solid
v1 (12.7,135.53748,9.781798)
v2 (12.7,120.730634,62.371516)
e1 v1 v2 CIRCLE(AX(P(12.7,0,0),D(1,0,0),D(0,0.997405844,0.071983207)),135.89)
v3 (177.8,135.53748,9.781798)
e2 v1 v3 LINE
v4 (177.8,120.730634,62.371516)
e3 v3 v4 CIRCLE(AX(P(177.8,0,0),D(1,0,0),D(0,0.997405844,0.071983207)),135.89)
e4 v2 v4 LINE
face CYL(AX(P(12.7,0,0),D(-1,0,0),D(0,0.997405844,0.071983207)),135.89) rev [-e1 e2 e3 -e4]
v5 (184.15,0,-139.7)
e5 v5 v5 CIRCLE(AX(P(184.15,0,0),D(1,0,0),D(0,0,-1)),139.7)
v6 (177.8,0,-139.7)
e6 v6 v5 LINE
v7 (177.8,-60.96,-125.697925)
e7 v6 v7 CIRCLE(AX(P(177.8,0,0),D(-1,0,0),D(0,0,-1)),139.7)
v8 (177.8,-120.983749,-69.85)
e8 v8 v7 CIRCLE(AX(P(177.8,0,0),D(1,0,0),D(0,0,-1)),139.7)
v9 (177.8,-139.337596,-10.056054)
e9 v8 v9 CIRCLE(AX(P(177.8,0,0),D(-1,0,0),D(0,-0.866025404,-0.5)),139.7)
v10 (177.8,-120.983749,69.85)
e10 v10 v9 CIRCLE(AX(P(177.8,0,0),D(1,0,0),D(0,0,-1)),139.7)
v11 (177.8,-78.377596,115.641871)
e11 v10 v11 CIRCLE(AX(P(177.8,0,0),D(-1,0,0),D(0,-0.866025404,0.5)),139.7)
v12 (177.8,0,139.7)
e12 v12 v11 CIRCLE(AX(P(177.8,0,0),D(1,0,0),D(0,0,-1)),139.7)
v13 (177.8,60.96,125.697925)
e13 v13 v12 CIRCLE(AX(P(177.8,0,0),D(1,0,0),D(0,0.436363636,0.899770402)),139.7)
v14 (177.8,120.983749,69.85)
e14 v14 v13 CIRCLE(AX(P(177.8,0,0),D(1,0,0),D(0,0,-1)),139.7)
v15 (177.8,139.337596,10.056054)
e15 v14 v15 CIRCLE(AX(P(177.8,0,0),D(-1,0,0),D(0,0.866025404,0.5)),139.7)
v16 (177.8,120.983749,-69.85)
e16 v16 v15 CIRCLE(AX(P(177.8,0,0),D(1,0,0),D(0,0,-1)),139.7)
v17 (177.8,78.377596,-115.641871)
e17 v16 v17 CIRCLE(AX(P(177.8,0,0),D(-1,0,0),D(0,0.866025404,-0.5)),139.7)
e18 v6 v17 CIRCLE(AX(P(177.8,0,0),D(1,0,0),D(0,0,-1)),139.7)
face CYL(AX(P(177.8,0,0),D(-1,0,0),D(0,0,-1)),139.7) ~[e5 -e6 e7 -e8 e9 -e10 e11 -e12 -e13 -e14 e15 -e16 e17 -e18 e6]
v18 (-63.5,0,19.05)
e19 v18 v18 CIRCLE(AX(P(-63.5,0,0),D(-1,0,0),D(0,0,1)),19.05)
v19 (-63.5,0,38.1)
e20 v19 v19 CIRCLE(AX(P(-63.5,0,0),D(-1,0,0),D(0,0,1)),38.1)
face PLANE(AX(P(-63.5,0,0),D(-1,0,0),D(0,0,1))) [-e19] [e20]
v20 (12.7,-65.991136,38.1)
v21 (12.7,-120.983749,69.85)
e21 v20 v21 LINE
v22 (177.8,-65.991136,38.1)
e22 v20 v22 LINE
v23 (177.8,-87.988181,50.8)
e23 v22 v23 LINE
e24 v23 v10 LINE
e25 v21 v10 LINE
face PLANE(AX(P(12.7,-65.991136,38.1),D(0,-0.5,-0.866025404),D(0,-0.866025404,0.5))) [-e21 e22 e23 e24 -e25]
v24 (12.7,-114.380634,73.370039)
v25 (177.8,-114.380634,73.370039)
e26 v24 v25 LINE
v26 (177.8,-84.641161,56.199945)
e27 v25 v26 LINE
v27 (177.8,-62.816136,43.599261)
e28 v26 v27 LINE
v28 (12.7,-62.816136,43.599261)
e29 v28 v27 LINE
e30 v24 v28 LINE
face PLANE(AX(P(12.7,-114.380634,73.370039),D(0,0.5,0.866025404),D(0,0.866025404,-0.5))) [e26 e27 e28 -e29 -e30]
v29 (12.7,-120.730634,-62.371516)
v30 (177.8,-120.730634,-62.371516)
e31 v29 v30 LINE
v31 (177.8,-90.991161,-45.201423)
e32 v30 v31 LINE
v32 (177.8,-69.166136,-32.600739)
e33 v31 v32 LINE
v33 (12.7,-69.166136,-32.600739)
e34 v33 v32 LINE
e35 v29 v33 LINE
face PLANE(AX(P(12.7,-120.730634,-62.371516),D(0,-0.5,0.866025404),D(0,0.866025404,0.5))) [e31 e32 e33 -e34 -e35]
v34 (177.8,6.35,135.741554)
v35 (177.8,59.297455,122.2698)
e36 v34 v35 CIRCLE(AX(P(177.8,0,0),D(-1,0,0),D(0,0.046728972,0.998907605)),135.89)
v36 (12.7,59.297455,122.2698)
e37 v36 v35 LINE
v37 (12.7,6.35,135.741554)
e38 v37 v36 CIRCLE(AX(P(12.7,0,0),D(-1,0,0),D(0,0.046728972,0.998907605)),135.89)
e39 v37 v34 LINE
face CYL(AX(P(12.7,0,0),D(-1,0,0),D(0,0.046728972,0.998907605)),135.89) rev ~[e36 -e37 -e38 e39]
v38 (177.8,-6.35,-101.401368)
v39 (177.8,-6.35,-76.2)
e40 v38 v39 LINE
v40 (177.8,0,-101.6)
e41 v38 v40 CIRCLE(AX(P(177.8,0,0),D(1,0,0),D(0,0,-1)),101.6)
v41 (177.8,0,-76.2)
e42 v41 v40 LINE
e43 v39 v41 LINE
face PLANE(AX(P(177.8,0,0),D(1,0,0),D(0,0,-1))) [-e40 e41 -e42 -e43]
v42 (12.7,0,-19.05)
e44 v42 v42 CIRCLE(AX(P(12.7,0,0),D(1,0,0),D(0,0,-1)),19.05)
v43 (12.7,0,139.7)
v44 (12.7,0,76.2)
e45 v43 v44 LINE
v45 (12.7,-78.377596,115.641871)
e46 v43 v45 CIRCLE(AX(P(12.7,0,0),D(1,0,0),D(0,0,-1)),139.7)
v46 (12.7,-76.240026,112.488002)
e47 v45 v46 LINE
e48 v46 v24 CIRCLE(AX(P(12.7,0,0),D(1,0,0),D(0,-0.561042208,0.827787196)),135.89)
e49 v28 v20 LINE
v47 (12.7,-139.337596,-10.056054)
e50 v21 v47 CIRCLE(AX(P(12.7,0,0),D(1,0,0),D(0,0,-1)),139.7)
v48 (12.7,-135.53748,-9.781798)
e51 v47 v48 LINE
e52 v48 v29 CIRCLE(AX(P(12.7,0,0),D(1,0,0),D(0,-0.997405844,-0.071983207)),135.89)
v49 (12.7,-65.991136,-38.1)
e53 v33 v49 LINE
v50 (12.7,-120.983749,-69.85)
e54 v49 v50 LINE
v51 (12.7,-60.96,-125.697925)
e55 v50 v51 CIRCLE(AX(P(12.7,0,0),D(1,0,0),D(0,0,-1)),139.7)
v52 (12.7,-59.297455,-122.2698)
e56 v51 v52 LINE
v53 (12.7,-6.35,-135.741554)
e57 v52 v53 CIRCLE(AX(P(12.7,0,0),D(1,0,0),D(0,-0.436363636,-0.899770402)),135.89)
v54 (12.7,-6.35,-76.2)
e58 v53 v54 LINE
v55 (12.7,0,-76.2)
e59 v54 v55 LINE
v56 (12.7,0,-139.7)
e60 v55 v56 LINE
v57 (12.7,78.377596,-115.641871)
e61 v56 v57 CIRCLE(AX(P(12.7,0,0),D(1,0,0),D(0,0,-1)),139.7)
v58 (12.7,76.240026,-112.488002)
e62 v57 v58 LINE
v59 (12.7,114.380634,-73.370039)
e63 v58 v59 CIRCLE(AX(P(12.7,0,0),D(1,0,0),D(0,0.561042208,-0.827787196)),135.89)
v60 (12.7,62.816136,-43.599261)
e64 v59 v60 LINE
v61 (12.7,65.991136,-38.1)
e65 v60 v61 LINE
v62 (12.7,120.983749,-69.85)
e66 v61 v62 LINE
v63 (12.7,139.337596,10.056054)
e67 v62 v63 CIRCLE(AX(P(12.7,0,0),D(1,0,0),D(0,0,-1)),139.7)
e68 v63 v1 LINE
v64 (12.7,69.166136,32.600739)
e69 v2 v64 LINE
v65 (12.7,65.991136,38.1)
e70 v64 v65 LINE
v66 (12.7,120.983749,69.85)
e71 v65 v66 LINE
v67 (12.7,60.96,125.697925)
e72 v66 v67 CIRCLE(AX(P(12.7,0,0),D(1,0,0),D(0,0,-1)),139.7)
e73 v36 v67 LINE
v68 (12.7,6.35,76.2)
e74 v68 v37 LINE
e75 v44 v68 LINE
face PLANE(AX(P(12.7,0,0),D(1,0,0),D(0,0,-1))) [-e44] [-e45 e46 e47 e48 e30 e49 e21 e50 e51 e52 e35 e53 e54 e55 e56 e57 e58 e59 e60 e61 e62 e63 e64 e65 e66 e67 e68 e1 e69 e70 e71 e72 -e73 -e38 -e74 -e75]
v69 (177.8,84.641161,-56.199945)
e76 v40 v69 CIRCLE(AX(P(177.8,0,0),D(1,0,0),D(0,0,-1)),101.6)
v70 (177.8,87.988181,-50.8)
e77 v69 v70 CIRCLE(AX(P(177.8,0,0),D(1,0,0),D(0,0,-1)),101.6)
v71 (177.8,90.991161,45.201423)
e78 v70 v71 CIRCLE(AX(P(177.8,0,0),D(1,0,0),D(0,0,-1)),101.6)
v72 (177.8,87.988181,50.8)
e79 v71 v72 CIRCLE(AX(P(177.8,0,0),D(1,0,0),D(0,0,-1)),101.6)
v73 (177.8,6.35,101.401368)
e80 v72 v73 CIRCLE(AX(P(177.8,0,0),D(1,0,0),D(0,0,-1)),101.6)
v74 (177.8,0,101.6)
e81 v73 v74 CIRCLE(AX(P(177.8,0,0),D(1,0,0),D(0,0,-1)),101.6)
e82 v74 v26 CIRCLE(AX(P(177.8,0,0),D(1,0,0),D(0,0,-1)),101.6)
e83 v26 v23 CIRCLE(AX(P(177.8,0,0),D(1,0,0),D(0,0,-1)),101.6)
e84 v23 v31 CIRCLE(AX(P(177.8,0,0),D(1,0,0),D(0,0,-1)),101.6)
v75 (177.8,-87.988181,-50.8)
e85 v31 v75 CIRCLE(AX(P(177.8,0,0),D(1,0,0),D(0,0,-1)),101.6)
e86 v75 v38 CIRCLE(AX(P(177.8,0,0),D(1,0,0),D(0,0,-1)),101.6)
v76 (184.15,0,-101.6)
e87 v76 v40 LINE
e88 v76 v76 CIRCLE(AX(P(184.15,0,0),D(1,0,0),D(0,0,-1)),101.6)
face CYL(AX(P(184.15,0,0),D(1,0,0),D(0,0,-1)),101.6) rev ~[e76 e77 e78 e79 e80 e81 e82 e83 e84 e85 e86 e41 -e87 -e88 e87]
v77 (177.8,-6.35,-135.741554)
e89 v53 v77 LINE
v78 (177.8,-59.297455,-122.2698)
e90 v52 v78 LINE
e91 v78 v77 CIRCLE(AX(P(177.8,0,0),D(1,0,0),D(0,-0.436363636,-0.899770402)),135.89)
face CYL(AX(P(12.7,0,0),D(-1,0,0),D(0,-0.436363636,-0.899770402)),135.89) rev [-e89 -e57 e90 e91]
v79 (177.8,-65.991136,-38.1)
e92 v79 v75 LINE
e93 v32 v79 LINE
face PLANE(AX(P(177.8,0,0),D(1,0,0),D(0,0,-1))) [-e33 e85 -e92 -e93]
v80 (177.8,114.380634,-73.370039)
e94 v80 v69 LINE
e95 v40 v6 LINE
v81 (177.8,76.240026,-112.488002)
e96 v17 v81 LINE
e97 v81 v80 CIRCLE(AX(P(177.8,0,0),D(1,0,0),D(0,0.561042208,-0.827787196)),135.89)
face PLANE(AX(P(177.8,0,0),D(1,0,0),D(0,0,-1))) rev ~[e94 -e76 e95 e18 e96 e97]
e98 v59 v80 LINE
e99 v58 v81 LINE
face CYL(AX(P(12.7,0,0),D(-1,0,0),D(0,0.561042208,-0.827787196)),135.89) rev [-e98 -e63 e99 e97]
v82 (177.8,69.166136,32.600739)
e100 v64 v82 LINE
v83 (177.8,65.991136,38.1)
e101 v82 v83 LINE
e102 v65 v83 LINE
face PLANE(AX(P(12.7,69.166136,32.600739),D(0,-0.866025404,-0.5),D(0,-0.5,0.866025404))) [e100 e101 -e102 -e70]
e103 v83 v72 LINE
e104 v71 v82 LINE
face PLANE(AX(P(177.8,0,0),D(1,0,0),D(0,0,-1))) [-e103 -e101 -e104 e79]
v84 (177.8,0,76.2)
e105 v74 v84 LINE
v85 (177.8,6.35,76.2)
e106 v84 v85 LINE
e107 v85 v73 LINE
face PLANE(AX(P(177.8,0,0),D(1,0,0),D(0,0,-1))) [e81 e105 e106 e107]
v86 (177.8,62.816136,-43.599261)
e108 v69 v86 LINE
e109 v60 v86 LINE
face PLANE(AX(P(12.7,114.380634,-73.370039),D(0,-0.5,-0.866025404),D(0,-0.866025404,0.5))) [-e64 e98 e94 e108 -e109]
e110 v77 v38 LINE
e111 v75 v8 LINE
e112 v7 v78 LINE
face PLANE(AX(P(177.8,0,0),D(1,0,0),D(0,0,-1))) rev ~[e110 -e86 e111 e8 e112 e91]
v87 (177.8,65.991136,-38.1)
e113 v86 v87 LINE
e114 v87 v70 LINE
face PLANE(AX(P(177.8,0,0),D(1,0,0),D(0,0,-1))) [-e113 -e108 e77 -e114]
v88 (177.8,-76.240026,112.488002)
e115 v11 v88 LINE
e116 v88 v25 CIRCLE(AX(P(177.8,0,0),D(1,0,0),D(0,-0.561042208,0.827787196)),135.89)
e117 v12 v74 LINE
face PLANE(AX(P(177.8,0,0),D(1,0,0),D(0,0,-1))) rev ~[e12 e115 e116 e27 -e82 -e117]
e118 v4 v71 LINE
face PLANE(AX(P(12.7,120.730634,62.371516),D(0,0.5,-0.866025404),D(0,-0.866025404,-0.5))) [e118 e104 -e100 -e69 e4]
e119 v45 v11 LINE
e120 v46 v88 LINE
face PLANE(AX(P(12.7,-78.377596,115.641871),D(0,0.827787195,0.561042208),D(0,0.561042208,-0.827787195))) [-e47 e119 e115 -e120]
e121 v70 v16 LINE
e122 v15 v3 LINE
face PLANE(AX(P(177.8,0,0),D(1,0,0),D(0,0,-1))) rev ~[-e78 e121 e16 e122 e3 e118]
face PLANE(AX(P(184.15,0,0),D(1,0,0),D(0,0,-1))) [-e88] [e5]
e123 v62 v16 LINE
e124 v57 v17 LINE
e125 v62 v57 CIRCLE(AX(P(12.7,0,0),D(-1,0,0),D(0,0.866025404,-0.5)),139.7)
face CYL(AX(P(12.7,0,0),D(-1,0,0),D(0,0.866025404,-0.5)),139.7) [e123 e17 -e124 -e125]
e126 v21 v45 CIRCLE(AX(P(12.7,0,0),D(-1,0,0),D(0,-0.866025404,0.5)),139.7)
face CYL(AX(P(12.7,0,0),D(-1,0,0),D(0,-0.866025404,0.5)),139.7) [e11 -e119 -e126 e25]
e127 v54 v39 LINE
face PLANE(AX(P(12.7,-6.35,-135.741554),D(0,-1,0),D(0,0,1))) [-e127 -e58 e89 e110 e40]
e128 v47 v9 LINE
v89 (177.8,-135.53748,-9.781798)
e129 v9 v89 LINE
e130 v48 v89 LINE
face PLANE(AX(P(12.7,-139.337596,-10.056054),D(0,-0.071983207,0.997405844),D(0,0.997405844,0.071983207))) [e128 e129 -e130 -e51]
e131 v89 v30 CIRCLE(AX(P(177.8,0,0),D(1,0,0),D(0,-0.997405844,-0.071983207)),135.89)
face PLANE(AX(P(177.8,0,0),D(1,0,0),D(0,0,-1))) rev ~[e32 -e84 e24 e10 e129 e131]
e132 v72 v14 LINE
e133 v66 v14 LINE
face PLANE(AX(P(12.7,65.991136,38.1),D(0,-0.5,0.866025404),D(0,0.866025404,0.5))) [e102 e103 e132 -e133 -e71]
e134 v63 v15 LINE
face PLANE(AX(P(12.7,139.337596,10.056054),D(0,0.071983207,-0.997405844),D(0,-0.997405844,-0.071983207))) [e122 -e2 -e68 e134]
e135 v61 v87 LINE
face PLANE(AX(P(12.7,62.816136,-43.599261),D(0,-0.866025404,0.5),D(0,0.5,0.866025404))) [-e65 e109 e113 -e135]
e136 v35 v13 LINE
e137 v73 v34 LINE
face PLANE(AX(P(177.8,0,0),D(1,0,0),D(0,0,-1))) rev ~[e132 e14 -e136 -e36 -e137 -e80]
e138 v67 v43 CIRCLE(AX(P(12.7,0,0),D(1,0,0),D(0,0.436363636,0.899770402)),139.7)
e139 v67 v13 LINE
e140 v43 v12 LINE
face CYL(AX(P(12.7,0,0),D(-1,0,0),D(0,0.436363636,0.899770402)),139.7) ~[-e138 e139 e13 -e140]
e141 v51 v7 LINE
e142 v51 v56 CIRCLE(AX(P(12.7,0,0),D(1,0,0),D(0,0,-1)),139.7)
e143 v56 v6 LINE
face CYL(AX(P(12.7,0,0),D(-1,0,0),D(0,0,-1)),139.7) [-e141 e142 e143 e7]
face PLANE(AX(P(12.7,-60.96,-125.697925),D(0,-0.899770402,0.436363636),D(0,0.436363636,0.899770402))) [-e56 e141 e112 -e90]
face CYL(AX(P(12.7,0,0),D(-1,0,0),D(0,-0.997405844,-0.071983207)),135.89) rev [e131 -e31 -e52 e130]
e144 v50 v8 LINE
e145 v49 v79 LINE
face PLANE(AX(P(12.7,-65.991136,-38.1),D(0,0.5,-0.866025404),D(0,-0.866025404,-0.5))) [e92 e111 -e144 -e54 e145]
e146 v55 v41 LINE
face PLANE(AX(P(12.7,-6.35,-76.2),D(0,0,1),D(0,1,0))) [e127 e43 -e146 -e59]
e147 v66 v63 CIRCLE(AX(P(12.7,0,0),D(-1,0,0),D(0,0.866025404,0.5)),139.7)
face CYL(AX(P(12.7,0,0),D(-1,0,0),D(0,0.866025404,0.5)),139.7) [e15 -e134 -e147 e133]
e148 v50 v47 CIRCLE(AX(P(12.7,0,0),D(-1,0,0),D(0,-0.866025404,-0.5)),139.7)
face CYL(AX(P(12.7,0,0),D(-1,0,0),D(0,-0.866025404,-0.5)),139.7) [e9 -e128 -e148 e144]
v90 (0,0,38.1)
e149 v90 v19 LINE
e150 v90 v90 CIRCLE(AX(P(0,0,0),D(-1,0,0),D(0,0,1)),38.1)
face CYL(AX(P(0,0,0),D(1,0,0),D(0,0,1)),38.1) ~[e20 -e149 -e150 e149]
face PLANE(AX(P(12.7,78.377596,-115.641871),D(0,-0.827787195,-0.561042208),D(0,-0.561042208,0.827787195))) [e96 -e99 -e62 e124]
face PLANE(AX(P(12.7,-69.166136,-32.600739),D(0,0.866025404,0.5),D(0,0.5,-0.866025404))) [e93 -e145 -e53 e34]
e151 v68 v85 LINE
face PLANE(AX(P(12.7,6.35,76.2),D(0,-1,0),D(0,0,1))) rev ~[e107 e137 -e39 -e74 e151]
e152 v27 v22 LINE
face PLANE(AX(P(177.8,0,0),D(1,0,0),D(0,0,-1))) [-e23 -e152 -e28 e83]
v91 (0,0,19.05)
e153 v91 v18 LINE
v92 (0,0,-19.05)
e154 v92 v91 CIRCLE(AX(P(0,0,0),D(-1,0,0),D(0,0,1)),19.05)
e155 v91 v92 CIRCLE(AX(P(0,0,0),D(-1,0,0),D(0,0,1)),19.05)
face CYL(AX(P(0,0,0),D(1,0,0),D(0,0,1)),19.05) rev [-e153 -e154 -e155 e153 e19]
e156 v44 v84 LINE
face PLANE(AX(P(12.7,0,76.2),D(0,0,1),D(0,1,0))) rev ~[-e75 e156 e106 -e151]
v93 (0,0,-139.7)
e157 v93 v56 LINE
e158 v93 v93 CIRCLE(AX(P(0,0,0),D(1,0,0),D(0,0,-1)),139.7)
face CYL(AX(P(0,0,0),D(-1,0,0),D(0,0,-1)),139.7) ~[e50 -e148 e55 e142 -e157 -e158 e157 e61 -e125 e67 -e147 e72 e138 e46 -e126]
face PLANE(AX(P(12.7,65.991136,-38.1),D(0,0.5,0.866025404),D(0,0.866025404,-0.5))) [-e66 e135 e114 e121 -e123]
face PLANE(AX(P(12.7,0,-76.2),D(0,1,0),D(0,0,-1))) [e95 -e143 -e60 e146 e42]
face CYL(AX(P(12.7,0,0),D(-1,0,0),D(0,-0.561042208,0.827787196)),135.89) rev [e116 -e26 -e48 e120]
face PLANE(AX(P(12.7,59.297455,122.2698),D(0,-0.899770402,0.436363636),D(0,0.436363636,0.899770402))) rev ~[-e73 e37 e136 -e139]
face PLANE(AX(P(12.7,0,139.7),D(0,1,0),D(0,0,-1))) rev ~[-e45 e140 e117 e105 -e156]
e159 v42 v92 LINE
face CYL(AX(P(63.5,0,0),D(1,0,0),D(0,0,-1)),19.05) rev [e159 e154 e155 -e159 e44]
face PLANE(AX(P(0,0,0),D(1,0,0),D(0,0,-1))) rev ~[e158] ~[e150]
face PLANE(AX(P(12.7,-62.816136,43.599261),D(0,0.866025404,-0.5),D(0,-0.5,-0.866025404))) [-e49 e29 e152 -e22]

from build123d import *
from build123d.topology import SkipClean

# Parameters (mm, degrees)
SKETCH5_R           = 139.7
BOSS_EXTRUDE3_DEPTH = 12.7
SKETCH6_R           = 38.1
SKETCH6_R_2         = 19.05
BOSS_EXTRUDE4_DEPTH = 63.5
CUT_EXTRUDE3_START  = -63.5
SKETCH7_R           = 19.05
CUT_EXTRUDE3_DEPTH  = 63.5
BOSS_EXTRUDE5_DEPTH = 165.1
SKETCH10_R          = 139.7
BOSS_EXTRUDE6_DEPTH = 6.35
SKETCH11_R          = 101.6
CUT_EXTRUDE4_DEPTH  = 6.35


with BuildPart() as part:
    # Sketch5 → Boss-Extrude3 (new body)
    with BuildSketch(Plane(origin=(0, 0, 0), x_dir=(0, 0, -1), z_dir=(1, 0, 0))):
        Circle(SKETCH5_R)
    extrude(amount=BOSS_EXTRUDE3_DEPTH)

    # Sketch6 → Boss-Extrude4 (add)
    with BuildSketch(Plane.ZY):
        Circle(SKETCH6_R)
        Circle(SKETCH6_R_2, mode=Mode.SUBTRACT)
    extrude(amount=BOSS_EXTRUDE4_DEPTH)

    # Sketch7 → Cut-Extrude3 (cut)
    with BuildSketch(Plane.ZY.offset(CUT_EXTRUDE3_START)):
        with Locations(Location((0, 0, 0), (0, 0, 180))):
            Circle(SKETCH7_R)
    extrude(amount=CUT_EXTRUDE3_DEPTH, mode=Mode.SUBTRACT)

    # Sketch9 → Boss-Extrude5 (add)
    with SkipClean():  # the faces are left unmerged after this step: merging them gives an invalid solid
        with BuildSketch(Plane(origin=(12.7, 0, 0), x_dir=(0, 0, -1), z_dir=(1, 0, 0))):
            with BuildLine():
                Line((-139.7, 0), (-76.2, 0))
                Line((-76.2, 0), (-76.2, 6.35))
                Line((-76.2, 6.35), (-135.741554433, 6.35))
                ThreePointArc((-135.741554433, 6.35), (-131.694050685, 33.507747077), (-122.269799969, 59.297454545))
                Line((-122.269799969, 59.297454545), (-125.697925202, 60.96))
                ThreePointArc((-125.697925202, 60.96), (-136.154489736, 31.2737098), (-139.7, 0))
            make_face()
            with BuildLine():
                Line((-115.641871216, -78.377596428), (-112.488002001, -76.240025616))
                ThreePointArc((-112.488002001, -76.240025616), (-94.865585535, -97.296519882), (-73.370038531, -114.380634489))
                Line((-73.370038531, -114.380634489), (-43.599261314, -62.816135768))
                Line((-43.599261314, -62.816135768), (-38.1, -65.991135768))
                Line((-38.1, -65.991135768), (-69.85, -120.983748909))
                ThreePointArc((-69.85, -120.983748909), (-95.161072026, -102.276392051), (-115.641871216, -78.377596428))
            make_face()
            with BuildLine():
                Line((10.056053986, -139.337596428), (9.781797968, -135.537480161))
                ThreePointArc((9.781797968, -135.537480161), (36.82846515, -130.804266959), (62.371515903, -120.730634489))
                Line((62.371515903, -120.730634489), (32.600738686, -69.166135768))
                Line((32.600738686, -69.166135768), (38.1, -65.991135768))
                Line((38.1, -65.991135768), (69.85, -120.983748909))
                ThreePointArc((69.85, -120.983748909), (40.993417711, -133.550101851), (10.056053986, -139.337596428))
            make_face()
            with BuildLine():
                Line((125.697925202, -60.96), (122.269799969, -59.297454545))
                ThreePointArc((122.269799969, -59.297454545), (131.694050685, -33.507747077), (135.741554433, -6.35))
                Line((135.741554433, -6.35), (76.2, -6.35))
                Line((76.2, -6.35), (76.2, 0))
                Line((76.2, 0), (139.7, 0))
                ThreePointArc((139.7, 0), (136.154489736, -31.2737098), (125.697925202, -60.96))
            make_face()
            with BuildLine():
                Line((115.641871216, 78.377596428), (112.488002001, 76.240025616))
                ThreePointArc((112.488002001, 76.240025616), (94.865585535, 97.296519882), (73.370038531, 114.380634489))
                Line((73.370038531, 114.380634489), (43.599261314, 62.816135768))
                Line((43.599261314, 62.816135768), (38.1, 65.991135768))
                Line((38.1, 65.991135768), (69.85, 120.983748909))
                ThreePointArc((69.85, 120.983748909), (95.161072026, 102.276392051), (115.641871216, 78.377596428))
            make_face()
            with BuildLine():
                Line((-10.056053986, 139.337596428), (-9.781797968, 135.537480161))
                ThreePointArc((-9.781797968, 135.537480161), (-36.82846515, 130.804266959), (-62.371515903, 120.730634489))
                Line((-62.371515903, 120.730634489), (-32.600738686, 69.166135768))
                Line((-32.600738686, 69.166135768), (-38.1, 65.991135768))
                Line((-38.1, 65.991135768), (-69.85, 120.983748909))
                ThreePointArc((-69.85, 120.983748909), (-40.993417711, 133.550101851), (-10.056053986, 139.337596428))
            make_face()
        extrude(amount=BOSS_EXTRUDE5_DEPTH)

    # Sketch10 → Boss-Extrude6 (add)
    with SkipClean():  # the faces are left unmerged after this step: merging them gives an invalid solid
        with BuildSketch(Plane(origin=(177.8, 0, 0), x_dir=(0, 0, -1), z_dir=(1, 0, 0))):
            Circle(SKETCH10_R)
        extrude(amount=BOSS_EXTRUDE6_DEPTH)

    # Sketch11 → Cut-Extrude4 (cut)
    with SkipClean():  # the faces are left unmerged after this step: merging them gives an invalid solid
        with BuildSketch(Plane(origin=(184.15, 0, 0), x_dir=(0, 0, -1), z_dir=(1, 0, 0))):
            Circle(SKETCH11_R)
        extrude(amount=-CUT_EXTRUDE4_DEPTH, mode=Mode.SUBTRACT)


solid = part.part
